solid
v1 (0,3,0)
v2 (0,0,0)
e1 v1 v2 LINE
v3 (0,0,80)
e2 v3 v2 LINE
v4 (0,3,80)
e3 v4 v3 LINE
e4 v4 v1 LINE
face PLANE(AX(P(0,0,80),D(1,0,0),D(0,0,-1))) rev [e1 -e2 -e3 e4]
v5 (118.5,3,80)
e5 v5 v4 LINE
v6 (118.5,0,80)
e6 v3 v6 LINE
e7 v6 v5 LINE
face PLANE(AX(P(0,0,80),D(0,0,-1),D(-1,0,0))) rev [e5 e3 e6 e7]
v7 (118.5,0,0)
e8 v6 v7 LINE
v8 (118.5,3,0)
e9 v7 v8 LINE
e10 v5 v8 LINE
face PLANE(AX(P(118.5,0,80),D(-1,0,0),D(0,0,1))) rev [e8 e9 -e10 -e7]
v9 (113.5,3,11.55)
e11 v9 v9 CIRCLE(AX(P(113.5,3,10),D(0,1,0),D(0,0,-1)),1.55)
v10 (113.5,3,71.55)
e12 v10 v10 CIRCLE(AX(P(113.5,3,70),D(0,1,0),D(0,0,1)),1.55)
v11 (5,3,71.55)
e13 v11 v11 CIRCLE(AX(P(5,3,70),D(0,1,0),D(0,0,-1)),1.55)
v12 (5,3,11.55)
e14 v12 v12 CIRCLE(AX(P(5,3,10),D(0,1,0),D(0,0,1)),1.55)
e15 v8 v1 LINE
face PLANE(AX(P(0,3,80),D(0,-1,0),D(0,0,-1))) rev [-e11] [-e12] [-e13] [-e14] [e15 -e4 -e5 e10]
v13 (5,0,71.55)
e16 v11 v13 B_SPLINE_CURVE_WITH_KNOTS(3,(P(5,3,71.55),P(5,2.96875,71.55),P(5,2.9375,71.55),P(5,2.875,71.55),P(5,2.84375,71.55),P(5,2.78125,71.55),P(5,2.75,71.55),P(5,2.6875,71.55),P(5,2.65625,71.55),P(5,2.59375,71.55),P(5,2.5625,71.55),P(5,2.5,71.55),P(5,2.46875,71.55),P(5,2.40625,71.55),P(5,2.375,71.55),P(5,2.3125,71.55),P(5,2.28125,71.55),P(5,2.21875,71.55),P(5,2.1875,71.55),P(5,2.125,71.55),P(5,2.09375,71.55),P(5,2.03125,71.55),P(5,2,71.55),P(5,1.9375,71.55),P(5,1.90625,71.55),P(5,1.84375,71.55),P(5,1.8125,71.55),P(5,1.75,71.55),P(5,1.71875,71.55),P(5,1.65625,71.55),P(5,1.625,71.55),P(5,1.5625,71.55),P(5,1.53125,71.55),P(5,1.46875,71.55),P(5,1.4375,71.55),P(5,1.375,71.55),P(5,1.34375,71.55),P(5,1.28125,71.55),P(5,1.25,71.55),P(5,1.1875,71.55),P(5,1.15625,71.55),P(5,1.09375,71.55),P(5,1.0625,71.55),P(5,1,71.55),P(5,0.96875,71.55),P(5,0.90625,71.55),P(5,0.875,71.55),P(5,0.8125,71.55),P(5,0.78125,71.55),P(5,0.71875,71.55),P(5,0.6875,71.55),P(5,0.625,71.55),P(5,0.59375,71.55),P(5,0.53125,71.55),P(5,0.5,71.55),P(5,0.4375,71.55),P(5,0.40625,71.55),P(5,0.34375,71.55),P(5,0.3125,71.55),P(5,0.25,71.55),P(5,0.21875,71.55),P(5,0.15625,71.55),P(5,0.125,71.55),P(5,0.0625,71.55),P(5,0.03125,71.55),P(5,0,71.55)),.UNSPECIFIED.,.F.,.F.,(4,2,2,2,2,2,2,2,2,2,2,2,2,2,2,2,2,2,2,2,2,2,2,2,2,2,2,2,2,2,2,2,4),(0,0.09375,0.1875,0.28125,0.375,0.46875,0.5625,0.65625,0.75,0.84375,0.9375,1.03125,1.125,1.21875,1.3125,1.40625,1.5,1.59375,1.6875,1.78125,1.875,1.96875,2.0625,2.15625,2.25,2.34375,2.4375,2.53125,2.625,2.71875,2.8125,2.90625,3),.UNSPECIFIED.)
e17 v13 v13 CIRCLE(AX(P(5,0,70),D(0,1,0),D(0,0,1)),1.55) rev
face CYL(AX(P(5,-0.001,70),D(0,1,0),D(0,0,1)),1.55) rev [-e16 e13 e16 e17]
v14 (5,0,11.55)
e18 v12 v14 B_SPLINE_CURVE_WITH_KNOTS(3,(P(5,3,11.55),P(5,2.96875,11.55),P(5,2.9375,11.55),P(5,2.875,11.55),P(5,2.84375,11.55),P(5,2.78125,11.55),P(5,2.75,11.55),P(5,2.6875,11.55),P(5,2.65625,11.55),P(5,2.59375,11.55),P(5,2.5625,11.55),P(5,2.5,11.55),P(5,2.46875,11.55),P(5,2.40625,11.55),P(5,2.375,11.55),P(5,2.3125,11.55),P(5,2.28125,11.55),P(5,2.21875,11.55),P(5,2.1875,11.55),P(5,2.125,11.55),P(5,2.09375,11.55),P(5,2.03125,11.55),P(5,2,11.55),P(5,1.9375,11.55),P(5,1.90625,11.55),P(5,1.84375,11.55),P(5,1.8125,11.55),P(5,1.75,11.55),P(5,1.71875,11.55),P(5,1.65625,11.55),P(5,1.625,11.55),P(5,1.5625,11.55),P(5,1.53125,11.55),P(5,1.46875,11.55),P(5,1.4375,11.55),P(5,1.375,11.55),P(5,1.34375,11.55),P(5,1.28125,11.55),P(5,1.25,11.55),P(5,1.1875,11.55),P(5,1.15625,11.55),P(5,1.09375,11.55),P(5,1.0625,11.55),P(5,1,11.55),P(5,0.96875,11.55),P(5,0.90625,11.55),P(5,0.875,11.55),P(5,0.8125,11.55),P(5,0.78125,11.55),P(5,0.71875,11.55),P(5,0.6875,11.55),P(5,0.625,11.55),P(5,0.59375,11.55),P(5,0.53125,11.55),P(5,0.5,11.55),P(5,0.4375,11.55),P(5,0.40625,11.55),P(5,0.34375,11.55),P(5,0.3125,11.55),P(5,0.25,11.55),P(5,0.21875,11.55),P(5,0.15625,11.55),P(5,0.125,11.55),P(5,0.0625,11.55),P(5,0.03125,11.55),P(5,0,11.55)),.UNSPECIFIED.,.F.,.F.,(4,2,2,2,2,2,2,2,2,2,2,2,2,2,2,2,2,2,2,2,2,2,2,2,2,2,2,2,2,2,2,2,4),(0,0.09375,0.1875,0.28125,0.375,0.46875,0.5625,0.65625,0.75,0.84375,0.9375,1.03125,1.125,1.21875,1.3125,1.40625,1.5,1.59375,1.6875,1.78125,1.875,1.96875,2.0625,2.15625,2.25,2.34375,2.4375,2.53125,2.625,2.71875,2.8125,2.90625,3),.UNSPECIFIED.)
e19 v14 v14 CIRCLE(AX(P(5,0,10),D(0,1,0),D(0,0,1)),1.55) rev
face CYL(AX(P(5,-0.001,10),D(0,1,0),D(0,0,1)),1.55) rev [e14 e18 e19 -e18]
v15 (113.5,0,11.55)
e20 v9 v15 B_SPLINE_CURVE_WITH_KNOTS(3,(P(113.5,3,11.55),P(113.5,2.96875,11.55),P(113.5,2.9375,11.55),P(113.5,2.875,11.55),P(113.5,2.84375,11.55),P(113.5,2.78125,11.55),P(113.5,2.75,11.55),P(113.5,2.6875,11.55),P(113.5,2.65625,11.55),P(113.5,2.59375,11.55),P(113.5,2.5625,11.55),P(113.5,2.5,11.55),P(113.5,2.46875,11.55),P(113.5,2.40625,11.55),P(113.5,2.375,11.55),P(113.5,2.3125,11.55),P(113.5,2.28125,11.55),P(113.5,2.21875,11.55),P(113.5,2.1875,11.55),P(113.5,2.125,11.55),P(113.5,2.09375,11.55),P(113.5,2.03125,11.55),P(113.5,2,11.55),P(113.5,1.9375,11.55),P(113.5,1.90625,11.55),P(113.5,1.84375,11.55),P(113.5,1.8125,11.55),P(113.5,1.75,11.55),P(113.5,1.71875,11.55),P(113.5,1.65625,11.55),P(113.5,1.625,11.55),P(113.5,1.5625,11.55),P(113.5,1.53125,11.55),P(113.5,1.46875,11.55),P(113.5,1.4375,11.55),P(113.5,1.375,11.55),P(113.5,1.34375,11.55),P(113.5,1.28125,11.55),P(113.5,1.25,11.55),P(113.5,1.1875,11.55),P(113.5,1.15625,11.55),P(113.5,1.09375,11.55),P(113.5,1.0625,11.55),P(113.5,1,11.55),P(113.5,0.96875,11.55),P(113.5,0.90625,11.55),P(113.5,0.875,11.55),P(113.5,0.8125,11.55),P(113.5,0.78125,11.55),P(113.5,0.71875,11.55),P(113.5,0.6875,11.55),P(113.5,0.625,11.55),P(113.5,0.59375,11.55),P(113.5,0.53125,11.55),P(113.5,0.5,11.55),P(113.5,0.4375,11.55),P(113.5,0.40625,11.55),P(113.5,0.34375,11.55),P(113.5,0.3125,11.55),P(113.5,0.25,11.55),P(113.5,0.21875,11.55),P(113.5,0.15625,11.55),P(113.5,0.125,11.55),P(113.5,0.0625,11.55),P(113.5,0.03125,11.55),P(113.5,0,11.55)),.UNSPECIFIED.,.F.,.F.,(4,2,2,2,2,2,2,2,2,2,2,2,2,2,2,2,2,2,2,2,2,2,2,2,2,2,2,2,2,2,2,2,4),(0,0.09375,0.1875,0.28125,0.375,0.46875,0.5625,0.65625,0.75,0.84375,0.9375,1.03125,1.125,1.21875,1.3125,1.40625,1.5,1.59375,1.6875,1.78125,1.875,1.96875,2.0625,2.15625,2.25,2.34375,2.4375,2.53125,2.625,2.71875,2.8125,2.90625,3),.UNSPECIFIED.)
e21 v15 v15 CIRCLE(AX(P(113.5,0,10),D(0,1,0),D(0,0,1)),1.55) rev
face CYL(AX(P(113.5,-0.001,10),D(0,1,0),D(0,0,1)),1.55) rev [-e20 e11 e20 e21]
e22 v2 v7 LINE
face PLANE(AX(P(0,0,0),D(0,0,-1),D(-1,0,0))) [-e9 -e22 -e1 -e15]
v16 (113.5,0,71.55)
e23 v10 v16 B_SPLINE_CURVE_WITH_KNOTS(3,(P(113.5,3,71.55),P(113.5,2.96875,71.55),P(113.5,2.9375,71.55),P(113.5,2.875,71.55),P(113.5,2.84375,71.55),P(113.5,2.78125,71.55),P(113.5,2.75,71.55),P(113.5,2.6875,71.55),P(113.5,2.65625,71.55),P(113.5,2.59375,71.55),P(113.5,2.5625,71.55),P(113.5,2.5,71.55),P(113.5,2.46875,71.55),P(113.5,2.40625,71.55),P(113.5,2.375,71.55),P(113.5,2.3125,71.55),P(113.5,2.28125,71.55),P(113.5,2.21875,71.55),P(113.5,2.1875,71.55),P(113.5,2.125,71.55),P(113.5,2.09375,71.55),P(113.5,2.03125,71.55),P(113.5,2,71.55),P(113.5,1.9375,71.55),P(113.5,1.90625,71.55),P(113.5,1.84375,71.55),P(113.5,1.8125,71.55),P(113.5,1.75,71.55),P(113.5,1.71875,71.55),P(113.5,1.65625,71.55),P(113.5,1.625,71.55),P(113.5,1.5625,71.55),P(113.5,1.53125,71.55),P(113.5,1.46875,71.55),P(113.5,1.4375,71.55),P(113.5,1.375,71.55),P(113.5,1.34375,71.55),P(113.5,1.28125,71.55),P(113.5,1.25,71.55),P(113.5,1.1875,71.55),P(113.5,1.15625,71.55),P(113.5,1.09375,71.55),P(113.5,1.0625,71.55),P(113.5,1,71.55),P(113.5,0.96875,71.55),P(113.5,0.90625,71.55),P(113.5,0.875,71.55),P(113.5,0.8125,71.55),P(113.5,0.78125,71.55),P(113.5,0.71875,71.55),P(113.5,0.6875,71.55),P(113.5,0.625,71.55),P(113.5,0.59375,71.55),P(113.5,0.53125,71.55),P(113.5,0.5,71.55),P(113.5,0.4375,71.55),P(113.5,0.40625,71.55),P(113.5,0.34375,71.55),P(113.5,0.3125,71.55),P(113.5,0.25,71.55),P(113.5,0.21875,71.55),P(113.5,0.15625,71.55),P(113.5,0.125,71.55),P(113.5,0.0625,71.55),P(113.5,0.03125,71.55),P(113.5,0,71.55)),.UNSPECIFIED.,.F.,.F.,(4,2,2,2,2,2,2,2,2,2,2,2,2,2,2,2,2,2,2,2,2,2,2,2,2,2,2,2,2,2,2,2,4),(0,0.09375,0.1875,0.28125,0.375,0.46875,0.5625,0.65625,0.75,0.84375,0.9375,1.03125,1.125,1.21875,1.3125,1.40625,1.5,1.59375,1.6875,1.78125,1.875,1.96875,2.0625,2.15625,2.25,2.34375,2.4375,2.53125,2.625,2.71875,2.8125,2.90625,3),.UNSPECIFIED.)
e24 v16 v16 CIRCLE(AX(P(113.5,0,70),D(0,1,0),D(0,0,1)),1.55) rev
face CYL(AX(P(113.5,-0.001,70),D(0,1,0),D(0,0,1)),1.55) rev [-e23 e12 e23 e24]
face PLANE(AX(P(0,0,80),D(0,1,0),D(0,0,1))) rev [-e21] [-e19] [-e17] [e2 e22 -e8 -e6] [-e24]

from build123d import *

# Parameters (mm, degrees)
SKETCH_1_W          = 118.5
SKETCH_1_H          = 3
EXTRUDE_1_DEPTH     = 80
CUT_EXTRUDE_1_REACH = 145.008
SKETCH_2_R          = 1.55


with BuildPart() as part:
    # 草图1 → 凸台-拉伸1 (new body)
    with BuildSketch(Plane.XY):
        with Locations((59.25, 1.5)):
            Rectangle(SKETCH_1_W, SKETCH_1_H)
    extrude(amount=EXTRUDE_1_DEPTH)

    # 草图2 → 切除-拉伸1 (cut, up to next)
    with BuildSketch(Plane(origin=(0, 3, 0), x_dir=(1, 0, 0), z_dir=(0, 1, 0)), mode=Mode.PRIVATE) as cut_extrude_1_sk1:
        with Locations(Location((5, -10, 0), (0, 0, 270))):
            Circle(SKETCH_2_R)
    cut_extrude_1_tool1 = extrude(cut_extrude_1_sk1.sketch, amount=-CUT_EXTRUDE_1_REACH, mode=Mode.PRIVATE) & part.part
    # 草图2 → 切除-拉伸1 (cut, up to next)
    with BuildSketch(Plane(origin=(0, 3, 0), x_dir=(1, 0, 0), z_dir=(0, 1, 0)), mode=Mode.PRIVATE) as cut_extrude_1_sk2:
        with Locations(Location((5, -70, 0), (0, 0, 270))):
            Circle(SKETCH_2_R)
    cut_extrude_1_tool2 = extrude(cut_extrude_1_sk2.sketch, amount=-CUT_EXTRUDE_1_REACH, mode=Mode.PRIVATE) & part.part
    # 草图2 → 切除-拉伸1 (cut, up to next)
    with BuildSketch(Plane(origin=(0, 3, 0), x_dir=(1, 0, 0), z_dir=(0, 1, 0)), mode=Mode.PRIVATE) as cut_extrude_1_sk3:
        with Locations(Location((113.5, -70, 0), (0, 0, 270))):
            Circle(SKETCH_2_R)
    cut_extrude_1_tool3 = extrude(cut_extrude_1_sk3.sketch, amount=-CUT_EXTRUDE_1_REACH, mode=Mode.PRIVATE) & part.part
    # 草图2 → 切除-拉伸1 (cut, up to next)
    with BuildSketch(Plane(origin=(0, 3, 0), x_dir=(1, 0, 0), z_dir=(0, 1, 0)), mode=Mode.PRIVATE) as cut_extrude_1_sk4:
        with Locations(Location((113.5, -10, 0), (0, 0, 270))):
            Circle(SKETCH_2_R)
    cut_extrude_1_tool4 = extrude(cut_extrude_1_sk4.sketch, amount=-CUT_EXTRUDE_1_REACH, mode=Mode.PRIVATE) & part.part
    add(cut_extrude_1_tool1.solids().sort_by_distance((5, 3, 10))[0], mode=Mode.SUBTRACT)
    add(cut_extrude_1_tool2.solids().sort_by_distance((5, 3, 70))[0], mode=Mode.SUBTRACT)
    add(cut_extrude_1_tool3.solids().sort_by_distance((113.5, 3, 70))[0], mode=Mode.SUBTRACT)
    add(cut_extrude_1_tool4.solids().sort_by_distance((113.5, 3, 10))[0], mode=Mode.SUBTRACT)


solid = part.part
